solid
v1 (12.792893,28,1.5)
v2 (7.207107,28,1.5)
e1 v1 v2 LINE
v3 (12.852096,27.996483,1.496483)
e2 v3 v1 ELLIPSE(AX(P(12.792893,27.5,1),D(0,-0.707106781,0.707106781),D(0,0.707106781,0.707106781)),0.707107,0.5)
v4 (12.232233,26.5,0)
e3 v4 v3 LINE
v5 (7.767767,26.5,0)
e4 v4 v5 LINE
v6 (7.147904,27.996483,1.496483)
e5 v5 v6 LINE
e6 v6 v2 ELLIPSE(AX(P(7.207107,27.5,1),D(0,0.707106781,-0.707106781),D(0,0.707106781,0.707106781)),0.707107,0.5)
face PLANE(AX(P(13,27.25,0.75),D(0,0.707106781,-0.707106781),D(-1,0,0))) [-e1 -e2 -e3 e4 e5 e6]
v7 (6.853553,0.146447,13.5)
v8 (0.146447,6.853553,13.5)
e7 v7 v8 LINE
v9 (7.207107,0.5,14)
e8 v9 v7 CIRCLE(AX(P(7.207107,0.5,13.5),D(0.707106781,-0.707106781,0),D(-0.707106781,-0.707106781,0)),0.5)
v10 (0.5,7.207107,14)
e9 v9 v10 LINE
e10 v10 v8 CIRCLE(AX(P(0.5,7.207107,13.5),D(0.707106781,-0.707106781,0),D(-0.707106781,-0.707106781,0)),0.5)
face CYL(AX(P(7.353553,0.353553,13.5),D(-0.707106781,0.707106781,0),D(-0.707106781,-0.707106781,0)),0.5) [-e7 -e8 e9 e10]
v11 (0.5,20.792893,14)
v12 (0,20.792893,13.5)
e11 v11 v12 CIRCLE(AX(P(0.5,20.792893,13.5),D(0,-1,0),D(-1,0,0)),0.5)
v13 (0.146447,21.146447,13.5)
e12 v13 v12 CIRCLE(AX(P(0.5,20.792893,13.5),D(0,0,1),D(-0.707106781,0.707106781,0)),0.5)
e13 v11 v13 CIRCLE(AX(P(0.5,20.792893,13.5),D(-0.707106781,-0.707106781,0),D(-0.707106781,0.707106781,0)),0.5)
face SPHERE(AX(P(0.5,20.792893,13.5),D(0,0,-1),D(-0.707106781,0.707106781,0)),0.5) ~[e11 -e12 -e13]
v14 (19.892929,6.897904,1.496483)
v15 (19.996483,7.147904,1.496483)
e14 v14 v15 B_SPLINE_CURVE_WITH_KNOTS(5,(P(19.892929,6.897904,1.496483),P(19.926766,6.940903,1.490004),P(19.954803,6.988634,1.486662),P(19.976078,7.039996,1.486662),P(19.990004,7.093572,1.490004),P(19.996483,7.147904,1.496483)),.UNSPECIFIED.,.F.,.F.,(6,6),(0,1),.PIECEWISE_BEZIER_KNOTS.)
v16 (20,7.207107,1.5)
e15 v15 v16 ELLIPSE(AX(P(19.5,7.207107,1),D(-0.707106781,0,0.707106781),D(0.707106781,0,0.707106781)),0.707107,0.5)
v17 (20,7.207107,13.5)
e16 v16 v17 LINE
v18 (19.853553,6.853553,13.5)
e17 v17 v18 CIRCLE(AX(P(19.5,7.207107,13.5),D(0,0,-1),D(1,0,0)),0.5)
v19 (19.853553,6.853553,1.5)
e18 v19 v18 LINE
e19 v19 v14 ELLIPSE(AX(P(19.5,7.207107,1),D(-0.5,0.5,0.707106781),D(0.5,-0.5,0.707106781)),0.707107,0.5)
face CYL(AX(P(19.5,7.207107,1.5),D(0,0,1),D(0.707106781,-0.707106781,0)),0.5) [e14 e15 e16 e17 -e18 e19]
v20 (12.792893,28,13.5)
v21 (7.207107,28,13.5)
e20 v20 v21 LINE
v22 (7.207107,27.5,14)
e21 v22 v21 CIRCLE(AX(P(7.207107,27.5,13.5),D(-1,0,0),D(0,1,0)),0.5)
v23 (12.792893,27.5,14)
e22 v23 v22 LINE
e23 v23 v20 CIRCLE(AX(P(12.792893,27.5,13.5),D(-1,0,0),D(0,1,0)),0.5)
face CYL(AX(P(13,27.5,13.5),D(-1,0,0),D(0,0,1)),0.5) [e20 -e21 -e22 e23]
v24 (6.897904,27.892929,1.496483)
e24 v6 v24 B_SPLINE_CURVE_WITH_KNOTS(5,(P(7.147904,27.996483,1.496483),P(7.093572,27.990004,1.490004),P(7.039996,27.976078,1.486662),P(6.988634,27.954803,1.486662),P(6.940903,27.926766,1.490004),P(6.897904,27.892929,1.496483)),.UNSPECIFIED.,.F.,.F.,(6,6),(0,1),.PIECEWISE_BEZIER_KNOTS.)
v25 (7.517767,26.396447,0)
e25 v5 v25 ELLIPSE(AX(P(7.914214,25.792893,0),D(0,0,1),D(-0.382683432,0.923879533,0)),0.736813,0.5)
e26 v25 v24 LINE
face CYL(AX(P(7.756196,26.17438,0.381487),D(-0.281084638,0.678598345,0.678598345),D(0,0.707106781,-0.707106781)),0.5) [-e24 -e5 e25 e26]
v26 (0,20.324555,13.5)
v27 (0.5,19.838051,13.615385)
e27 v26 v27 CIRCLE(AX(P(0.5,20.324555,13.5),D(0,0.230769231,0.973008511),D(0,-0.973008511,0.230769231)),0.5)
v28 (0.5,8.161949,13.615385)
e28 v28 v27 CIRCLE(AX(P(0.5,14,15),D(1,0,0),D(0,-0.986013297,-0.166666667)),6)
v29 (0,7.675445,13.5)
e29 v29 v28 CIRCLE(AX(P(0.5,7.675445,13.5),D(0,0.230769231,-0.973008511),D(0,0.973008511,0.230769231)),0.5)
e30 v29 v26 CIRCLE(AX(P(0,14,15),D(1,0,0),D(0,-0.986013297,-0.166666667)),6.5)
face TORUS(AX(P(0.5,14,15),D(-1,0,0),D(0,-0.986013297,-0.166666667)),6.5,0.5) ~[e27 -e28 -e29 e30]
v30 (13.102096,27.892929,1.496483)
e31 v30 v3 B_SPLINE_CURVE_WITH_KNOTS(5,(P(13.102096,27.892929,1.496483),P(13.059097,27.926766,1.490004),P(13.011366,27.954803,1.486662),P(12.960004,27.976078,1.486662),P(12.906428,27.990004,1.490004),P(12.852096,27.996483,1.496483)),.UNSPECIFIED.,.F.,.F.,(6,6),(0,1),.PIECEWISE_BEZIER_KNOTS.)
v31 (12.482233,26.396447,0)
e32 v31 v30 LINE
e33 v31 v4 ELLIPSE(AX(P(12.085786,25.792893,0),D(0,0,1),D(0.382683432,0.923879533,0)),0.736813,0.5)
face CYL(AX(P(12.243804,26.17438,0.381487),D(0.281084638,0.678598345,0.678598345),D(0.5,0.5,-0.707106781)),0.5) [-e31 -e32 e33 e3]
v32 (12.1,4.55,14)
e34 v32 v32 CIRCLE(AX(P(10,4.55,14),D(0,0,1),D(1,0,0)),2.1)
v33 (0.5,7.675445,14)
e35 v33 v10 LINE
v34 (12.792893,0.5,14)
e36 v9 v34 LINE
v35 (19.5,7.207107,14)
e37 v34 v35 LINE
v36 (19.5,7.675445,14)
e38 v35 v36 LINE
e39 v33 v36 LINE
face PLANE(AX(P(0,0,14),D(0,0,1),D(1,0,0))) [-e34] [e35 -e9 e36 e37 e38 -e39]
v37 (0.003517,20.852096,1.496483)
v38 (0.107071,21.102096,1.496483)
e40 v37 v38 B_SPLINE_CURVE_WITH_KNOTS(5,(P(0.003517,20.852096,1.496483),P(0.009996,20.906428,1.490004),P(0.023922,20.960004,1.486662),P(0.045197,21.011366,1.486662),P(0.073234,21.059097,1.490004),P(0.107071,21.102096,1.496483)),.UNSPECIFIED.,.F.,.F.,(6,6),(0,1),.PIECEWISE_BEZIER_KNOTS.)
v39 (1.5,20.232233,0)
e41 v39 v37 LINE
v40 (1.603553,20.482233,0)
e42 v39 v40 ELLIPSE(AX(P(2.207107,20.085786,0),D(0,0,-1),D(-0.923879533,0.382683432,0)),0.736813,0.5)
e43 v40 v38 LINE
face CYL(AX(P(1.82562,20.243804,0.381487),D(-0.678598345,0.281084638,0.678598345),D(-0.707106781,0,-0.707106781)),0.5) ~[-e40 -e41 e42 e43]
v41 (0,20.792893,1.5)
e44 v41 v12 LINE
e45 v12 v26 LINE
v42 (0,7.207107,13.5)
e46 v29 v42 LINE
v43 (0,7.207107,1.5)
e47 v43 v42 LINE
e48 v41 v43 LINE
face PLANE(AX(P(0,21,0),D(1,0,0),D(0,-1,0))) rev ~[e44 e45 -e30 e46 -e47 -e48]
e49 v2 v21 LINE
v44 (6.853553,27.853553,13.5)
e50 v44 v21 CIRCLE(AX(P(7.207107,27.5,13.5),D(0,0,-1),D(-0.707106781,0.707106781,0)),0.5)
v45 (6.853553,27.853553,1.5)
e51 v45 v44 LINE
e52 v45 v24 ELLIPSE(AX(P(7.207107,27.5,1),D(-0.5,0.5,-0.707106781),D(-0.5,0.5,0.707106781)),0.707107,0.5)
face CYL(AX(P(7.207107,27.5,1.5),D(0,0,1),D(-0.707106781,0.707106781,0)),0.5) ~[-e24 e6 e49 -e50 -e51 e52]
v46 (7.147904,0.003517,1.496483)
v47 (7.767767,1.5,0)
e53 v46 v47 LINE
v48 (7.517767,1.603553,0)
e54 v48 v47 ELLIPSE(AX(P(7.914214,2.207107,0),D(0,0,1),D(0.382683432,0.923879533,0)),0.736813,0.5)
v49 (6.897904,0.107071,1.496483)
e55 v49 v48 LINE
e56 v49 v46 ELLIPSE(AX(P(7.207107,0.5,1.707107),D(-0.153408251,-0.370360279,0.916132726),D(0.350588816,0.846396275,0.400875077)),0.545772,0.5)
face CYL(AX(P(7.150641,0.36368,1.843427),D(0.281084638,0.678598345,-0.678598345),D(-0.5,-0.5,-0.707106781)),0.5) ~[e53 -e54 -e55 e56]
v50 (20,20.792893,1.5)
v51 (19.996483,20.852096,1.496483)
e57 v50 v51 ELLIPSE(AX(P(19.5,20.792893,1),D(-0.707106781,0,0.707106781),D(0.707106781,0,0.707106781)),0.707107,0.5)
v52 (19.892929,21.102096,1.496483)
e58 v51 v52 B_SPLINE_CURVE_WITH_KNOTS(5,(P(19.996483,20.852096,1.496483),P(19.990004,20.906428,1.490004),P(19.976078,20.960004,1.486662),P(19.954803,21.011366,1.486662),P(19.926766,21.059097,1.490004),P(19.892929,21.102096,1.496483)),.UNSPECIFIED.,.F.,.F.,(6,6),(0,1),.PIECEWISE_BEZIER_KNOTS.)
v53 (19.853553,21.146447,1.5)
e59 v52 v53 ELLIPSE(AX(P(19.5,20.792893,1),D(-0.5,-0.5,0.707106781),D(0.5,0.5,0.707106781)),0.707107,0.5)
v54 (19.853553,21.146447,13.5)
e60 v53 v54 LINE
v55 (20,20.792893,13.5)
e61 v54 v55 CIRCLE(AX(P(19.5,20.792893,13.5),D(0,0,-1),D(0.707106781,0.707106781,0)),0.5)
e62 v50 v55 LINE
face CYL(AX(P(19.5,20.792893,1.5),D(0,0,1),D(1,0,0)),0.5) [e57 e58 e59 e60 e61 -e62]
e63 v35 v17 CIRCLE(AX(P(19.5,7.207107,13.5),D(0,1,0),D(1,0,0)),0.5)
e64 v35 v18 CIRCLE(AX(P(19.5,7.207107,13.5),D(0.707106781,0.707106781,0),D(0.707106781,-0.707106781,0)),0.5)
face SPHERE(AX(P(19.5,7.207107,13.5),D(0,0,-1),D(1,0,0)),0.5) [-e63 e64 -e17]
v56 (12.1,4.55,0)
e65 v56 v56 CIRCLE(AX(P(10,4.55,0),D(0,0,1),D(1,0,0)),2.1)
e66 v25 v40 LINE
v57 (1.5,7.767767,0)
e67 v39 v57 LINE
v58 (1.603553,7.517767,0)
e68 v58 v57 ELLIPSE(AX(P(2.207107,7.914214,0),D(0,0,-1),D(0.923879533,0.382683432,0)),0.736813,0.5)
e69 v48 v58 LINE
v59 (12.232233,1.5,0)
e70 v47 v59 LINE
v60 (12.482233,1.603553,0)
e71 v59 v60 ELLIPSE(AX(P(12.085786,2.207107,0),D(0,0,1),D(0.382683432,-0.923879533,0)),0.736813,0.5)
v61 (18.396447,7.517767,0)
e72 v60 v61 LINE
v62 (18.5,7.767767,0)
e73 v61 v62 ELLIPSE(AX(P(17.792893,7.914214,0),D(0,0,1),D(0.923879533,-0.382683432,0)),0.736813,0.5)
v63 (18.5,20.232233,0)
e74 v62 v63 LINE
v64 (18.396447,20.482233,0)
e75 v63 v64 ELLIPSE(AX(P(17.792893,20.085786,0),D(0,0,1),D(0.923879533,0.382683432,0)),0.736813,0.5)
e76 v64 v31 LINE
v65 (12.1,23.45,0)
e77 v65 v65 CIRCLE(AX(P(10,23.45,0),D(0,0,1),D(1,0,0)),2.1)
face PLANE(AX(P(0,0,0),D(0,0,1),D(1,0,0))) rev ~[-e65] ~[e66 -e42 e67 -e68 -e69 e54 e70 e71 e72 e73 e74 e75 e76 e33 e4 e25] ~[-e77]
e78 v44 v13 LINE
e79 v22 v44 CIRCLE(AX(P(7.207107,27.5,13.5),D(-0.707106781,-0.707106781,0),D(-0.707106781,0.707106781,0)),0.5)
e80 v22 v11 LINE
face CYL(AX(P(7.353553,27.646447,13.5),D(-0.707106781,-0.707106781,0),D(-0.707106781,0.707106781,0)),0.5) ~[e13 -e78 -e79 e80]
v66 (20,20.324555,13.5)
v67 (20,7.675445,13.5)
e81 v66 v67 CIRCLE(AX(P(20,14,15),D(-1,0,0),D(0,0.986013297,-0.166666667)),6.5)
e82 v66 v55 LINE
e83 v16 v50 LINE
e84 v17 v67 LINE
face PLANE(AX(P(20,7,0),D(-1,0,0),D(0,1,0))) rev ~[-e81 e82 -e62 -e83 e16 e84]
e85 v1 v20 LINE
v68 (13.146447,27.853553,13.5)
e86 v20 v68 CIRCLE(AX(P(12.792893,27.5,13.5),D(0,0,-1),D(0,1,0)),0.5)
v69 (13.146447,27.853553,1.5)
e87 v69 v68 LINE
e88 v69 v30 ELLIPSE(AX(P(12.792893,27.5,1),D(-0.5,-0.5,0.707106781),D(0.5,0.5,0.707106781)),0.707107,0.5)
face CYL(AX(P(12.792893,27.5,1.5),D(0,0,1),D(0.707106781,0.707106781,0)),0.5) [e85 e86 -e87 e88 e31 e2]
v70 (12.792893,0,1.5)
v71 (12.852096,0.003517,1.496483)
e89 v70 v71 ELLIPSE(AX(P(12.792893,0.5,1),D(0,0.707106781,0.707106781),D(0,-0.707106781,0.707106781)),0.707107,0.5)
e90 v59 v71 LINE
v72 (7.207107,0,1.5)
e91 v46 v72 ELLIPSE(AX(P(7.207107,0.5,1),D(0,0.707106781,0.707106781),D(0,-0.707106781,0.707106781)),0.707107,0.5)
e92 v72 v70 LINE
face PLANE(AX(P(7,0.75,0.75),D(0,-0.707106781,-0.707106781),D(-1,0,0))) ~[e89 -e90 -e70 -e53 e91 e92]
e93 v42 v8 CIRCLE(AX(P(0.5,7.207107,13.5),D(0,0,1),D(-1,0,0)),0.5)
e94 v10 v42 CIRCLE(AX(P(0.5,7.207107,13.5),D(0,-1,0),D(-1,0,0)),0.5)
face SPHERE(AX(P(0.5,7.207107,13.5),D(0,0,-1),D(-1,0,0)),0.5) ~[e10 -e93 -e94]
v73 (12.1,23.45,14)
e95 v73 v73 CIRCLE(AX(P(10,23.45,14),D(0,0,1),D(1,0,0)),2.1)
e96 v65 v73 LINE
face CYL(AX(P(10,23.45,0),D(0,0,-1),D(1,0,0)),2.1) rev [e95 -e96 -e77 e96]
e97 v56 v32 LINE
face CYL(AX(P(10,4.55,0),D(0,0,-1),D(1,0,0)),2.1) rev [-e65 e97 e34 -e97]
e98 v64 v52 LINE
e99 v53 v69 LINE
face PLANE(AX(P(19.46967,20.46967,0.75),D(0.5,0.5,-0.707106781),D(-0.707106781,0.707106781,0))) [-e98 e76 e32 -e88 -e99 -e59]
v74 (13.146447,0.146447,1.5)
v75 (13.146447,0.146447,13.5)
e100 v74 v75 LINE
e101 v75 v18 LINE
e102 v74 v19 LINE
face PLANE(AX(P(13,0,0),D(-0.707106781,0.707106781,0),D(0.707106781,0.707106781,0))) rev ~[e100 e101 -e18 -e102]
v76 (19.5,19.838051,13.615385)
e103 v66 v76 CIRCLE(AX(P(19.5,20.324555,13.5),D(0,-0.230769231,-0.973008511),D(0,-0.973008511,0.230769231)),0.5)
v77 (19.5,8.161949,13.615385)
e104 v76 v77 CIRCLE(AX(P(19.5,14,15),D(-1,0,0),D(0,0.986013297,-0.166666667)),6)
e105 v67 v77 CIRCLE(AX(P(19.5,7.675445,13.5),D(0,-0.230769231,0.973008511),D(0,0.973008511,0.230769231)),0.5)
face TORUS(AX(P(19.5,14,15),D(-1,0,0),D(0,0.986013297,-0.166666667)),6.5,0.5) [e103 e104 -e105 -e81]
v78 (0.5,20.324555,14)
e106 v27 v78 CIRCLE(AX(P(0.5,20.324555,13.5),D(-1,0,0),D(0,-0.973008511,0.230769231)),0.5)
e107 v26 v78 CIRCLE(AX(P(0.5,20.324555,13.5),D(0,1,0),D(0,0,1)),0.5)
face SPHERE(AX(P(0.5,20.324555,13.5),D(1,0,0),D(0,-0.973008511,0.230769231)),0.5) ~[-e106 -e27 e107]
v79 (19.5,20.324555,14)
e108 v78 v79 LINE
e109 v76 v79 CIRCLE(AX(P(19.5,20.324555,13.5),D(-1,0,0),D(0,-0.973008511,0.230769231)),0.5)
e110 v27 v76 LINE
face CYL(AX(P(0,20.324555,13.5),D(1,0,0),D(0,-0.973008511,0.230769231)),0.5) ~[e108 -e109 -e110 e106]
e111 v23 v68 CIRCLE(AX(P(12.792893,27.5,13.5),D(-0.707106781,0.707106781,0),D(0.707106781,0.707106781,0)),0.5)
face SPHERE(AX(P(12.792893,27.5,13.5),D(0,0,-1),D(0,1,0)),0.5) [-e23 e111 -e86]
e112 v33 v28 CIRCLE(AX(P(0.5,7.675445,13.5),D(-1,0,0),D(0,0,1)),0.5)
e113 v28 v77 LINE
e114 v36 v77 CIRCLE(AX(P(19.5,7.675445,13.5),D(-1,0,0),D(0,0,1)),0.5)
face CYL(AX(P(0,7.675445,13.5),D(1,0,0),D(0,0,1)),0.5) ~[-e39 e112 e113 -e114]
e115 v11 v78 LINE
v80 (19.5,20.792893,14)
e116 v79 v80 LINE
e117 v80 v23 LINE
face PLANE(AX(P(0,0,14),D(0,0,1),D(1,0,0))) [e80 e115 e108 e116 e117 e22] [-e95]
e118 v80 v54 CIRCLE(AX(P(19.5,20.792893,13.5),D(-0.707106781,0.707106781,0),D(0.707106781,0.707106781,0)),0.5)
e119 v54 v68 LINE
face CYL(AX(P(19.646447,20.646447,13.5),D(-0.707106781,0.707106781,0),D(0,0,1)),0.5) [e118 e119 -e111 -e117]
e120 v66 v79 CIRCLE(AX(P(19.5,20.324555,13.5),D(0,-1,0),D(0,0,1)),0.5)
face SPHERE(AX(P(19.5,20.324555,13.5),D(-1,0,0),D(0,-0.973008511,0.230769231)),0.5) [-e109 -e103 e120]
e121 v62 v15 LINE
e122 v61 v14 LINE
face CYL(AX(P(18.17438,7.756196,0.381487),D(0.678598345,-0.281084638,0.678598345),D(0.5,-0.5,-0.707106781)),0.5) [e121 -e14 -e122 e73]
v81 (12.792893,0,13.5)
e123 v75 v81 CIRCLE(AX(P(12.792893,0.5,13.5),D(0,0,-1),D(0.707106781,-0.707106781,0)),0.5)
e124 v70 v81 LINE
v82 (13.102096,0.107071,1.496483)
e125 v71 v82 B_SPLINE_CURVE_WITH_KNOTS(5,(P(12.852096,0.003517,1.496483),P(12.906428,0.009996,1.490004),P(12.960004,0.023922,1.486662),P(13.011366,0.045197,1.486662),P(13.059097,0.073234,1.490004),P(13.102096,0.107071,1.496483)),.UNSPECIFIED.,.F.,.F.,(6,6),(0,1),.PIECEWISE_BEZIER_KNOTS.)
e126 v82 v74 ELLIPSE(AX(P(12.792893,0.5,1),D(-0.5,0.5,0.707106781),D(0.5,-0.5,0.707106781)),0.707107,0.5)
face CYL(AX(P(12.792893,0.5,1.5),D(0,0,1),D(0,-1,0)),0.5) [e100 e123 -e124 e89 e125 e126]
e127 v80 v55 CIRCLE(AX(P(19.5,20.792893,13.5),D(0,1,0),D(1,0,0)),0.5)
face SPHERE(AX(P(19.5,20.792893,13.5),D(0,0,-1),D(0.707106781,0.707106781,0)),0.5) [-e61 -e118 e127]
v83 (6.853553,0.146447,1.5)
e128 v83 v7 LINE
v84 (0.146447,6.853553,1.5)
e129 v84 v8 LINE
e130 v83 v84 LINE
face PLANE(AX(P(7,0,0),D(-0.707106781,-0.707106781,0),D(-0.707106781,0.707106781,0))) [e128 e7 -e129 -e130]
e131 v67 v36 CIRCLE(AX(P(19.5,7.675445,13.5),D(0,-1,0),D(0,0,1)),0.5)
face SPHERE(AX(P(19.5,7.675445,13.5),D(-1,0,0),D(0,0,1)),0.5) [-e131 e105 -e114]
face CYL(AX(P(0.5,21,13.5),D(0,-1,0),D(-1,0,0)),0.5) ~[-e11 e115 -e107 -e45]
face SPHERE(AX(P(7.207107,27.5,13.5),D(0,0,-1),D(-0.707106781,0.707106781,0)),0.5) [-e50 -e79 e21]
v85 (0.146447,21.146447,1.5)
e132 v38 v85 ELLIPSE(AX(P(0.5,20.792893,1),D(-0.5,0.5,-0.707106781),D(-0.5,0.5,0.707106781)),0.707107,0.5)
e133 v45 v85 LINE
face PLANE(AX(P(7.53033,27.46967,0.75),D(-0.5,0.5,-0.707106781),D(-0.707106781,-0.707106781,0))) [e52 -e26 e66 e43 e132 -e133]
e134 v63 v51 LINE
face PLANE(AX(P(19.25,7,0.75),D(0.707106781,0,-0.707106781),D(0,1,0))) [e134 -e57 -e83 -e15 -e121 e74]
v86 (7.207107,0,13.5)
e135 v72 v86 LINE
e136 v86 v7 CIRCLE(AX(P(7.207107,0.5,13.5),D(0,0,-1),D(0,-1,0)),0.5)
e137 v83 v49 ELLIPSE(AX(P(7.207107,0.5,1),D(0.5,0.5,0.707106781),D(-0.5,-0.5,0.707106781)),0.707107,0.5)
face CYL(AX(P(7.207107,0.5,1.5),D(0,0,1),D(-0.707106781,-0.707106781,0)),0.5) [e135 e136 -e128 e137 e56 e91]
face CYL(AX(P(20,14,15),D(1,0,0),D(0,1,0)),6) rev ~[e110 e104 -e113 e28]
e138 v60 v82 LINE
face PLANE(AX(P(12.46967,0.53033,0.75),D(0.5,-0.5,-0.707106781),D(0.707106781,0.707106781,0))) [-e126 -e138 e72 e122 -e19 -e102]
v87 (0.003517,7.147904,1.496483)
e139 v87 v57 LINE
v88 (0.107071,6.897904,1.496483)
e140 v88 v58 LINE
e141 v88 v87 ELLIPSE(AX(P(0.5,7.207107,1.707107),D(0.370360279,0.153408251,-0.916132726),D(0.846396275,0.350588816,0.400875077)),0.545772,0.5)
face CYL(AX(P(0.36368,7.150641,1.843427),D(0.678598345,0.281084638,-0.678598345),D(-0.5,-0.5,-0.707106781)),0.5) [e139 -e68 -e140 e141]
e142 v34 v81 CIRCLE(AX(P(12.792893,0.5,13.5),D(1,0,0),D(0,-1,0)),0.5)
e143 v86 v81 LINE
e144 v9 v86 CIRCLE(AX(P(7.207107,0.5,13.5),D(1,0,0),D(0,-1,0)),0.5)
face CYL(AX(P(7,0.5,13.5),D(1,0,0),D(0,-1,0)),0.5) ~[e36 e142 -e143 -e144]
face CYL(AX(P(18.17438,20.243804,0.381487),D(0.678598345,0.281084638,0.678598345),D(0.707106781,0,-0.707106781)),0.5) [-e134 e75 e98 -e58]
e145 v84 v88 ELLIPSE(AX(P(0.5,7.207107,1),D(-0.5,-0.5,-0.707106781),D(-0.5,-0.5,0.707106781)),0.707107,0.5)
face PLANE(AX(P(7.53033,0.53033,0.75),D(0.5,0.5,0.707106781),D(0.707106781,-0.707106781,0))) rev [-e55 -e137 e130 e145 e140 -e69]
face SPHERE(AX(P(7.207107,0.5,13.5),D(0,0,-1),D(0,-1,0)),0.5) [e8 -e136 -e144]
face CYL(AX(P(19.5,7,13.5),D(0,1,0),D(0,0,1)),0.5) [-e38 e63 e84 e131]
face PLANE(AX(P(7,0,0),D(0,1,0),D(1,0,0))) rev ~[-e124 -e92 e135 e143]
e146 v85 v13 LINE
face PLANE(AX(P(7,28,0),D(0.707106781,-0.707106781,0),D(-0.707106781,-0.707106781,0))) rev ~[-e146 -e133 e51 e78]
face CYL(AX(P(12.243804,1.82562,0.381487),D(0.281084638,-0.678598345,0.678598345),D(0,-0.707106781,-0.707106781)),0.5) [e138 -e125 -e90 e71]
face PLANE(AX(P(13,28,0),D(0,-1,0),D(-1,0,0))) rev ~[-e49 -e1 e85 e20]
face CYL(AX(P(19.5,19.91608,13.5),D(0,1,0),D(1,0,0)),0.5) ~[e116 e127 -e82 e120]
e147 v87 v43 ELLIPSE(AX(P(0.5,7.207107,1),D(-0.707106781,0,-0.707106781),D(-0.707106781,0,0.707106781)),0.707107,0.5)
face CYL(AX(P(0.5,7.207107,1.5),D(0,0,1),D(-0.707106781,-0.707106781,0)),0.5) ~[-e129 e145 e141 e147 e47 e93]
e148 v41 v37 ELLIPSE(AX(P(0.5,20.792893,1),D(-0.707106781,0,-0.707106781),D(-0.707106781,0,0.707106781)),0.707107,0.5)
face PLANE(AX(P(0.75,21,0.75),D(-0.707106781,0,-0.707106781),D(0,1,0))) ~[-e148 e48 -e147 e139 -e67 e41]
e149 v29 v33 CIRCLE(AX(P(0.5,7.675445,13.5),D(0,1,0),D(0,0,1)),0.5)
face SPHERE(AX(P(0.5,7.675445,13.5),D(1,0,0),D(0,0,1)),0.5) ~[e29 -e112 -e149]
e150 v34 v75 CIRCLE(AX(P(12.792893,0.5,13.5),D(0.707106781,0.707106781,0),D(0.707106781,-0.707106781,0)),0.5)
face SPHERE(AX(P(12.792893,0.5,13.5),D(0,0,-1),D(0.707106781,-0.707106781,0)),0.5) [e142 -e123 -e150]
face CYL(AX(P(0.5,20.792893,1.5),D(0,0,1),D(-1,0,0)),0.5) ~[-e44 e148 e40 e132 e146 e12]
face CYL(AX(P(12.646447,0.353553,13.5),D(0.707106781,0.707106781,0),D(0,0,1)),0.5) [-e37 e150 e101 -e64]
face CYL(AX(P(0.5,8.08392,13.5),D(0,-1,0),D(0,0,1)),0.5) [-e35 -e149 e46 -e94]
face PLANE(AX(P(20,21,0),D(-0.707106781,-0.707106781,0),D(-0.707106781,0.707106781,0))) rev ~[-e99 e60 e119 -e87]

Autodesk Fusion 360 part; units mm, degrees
sketch "Esquisse1" plane through (0, 0, 0) normal (0, 0, 1) x (1, 0, 0)
  line L0 (7, 0) -> (13, 0)
  line L1 (20, 7) -> (20, 21)
  line L2 (13, 28) -> (7, 28)
  line L3 (0, 21) -> (0, 7)
  line L4 (10, 28) -> (10, 0) construction
  circle A0 centre (10, 23.45) radius 2.1
  circle A1 centre (10, 4.55) radius 2.1
  line L5 (-6, 20) -> (25, 20) construction
  line L6 (25, 20) -> (25, 8) construction
  line L7 (25, 8) -> (-6, 8) construction
  line L8 (-6, 8) -> (-6, 20) construction
  line L9 (13, 0) -> (20, 7)
  line L10 (7, 0) -> (0, 7)
  line L11 (20, 21) -> (13, 28)
  line L12 (7, 28) -> (0, 21)
  point P0 (20, 0)
  point P1 (20, 28)
  point P2 (0, 28)
  dimension "d1" = 20
  dimension "d2" = 28
  dimension "d3" = 4.2
  dimension "d4" = 4.2
  dimension "d5" = 18.9
  dimension "d6" = 4.55
  dimension "d7" = 12
  dimension "d8" = 8
  dimension "d9" = 7
  dimension "d10" = 7
  dimension "d11" = 7
  dimension "d12" = 7
  dimension "d13" = 7
  dimension "d14" = 7
  dimension "d15" = 7
  dimension "d16" = 7
extrude "Extrusion1" add sketch "Esquisse1" along normal blind 14
sketch "Esquisse2" plane through (20, 0, 0) normal (1, 0, 0) x (0, 1, 0)
  line L0 (7, 0) -> (21, 0)
  line L1 (21, 0) -> (21, 14)
  line L2 (21, 14) -> (7, 14)
  line L3 (7, 14) -> (7, 0)
  circle A0 centre (14, 15) radius 6
  dimension "d19" = 12
  dimension "d20" = 15
  dimension "d21" = 7
extrude "Extrusion2" cut sketch "Esquisse2" against normal blind 20 contours L2 A0 | L2 A0
chamfer "Chanfrein1" distance 1.5 angle 45 8 edges at (16.5, 3.5, 0) (20, 14, 0) (16.5, 24.5, 0) (10, 28, 0) (3.5, 24.5, 0) (0, 14, 0) (3.5, 3.5, 0) (10, 0, 0)
fillet "Congé1" radius 0.5 22 edges at (10, 8.0839, 14) (10, 19.9161, 14) (0, 21, 7.75) (0, 7, 7.75) (0, 7.542, 14) (7, 0, 7.75) (13, 0, 7.75) (20, 7, 7.75) (20, 7.542, 14) (20, 14, 9) (0, 14, 9) (3.5, 24.5, 14) (10, 28, 14) (16.5, 24.5, 14) (20, 20.458, 14) (0, 20.458, 14) (20, 21, 7.75) (13, 28, 7.75) (7, 28, 7.75) (16.5, 3.5, 14) (10, 0, 14) (3.5, 3.5, 14)
fillet "Congé2" radius 0.5 8 edges at (0.769, 7.3185, 0.731) (7.3185, 0.769, 0.731) (12.6815, 0.769, 0.731) (0.769, 20.6815, 0.731) (7.3185, 27.231, 0.731) (12.6815, 27.231, 0.731) (19.231, 20.6815, 0.731) (19.231, 7.3185, 0.731)
equation "d5 = 14.7 mm + 4.2 mm"
equation "d6 = ( ( 28 - 18.9 ) / 2 ) * 1 mm"
equation "d10 = d9"
equation "d12 = d11"
equation "d14 = d13"
equation "d16 = d15"
